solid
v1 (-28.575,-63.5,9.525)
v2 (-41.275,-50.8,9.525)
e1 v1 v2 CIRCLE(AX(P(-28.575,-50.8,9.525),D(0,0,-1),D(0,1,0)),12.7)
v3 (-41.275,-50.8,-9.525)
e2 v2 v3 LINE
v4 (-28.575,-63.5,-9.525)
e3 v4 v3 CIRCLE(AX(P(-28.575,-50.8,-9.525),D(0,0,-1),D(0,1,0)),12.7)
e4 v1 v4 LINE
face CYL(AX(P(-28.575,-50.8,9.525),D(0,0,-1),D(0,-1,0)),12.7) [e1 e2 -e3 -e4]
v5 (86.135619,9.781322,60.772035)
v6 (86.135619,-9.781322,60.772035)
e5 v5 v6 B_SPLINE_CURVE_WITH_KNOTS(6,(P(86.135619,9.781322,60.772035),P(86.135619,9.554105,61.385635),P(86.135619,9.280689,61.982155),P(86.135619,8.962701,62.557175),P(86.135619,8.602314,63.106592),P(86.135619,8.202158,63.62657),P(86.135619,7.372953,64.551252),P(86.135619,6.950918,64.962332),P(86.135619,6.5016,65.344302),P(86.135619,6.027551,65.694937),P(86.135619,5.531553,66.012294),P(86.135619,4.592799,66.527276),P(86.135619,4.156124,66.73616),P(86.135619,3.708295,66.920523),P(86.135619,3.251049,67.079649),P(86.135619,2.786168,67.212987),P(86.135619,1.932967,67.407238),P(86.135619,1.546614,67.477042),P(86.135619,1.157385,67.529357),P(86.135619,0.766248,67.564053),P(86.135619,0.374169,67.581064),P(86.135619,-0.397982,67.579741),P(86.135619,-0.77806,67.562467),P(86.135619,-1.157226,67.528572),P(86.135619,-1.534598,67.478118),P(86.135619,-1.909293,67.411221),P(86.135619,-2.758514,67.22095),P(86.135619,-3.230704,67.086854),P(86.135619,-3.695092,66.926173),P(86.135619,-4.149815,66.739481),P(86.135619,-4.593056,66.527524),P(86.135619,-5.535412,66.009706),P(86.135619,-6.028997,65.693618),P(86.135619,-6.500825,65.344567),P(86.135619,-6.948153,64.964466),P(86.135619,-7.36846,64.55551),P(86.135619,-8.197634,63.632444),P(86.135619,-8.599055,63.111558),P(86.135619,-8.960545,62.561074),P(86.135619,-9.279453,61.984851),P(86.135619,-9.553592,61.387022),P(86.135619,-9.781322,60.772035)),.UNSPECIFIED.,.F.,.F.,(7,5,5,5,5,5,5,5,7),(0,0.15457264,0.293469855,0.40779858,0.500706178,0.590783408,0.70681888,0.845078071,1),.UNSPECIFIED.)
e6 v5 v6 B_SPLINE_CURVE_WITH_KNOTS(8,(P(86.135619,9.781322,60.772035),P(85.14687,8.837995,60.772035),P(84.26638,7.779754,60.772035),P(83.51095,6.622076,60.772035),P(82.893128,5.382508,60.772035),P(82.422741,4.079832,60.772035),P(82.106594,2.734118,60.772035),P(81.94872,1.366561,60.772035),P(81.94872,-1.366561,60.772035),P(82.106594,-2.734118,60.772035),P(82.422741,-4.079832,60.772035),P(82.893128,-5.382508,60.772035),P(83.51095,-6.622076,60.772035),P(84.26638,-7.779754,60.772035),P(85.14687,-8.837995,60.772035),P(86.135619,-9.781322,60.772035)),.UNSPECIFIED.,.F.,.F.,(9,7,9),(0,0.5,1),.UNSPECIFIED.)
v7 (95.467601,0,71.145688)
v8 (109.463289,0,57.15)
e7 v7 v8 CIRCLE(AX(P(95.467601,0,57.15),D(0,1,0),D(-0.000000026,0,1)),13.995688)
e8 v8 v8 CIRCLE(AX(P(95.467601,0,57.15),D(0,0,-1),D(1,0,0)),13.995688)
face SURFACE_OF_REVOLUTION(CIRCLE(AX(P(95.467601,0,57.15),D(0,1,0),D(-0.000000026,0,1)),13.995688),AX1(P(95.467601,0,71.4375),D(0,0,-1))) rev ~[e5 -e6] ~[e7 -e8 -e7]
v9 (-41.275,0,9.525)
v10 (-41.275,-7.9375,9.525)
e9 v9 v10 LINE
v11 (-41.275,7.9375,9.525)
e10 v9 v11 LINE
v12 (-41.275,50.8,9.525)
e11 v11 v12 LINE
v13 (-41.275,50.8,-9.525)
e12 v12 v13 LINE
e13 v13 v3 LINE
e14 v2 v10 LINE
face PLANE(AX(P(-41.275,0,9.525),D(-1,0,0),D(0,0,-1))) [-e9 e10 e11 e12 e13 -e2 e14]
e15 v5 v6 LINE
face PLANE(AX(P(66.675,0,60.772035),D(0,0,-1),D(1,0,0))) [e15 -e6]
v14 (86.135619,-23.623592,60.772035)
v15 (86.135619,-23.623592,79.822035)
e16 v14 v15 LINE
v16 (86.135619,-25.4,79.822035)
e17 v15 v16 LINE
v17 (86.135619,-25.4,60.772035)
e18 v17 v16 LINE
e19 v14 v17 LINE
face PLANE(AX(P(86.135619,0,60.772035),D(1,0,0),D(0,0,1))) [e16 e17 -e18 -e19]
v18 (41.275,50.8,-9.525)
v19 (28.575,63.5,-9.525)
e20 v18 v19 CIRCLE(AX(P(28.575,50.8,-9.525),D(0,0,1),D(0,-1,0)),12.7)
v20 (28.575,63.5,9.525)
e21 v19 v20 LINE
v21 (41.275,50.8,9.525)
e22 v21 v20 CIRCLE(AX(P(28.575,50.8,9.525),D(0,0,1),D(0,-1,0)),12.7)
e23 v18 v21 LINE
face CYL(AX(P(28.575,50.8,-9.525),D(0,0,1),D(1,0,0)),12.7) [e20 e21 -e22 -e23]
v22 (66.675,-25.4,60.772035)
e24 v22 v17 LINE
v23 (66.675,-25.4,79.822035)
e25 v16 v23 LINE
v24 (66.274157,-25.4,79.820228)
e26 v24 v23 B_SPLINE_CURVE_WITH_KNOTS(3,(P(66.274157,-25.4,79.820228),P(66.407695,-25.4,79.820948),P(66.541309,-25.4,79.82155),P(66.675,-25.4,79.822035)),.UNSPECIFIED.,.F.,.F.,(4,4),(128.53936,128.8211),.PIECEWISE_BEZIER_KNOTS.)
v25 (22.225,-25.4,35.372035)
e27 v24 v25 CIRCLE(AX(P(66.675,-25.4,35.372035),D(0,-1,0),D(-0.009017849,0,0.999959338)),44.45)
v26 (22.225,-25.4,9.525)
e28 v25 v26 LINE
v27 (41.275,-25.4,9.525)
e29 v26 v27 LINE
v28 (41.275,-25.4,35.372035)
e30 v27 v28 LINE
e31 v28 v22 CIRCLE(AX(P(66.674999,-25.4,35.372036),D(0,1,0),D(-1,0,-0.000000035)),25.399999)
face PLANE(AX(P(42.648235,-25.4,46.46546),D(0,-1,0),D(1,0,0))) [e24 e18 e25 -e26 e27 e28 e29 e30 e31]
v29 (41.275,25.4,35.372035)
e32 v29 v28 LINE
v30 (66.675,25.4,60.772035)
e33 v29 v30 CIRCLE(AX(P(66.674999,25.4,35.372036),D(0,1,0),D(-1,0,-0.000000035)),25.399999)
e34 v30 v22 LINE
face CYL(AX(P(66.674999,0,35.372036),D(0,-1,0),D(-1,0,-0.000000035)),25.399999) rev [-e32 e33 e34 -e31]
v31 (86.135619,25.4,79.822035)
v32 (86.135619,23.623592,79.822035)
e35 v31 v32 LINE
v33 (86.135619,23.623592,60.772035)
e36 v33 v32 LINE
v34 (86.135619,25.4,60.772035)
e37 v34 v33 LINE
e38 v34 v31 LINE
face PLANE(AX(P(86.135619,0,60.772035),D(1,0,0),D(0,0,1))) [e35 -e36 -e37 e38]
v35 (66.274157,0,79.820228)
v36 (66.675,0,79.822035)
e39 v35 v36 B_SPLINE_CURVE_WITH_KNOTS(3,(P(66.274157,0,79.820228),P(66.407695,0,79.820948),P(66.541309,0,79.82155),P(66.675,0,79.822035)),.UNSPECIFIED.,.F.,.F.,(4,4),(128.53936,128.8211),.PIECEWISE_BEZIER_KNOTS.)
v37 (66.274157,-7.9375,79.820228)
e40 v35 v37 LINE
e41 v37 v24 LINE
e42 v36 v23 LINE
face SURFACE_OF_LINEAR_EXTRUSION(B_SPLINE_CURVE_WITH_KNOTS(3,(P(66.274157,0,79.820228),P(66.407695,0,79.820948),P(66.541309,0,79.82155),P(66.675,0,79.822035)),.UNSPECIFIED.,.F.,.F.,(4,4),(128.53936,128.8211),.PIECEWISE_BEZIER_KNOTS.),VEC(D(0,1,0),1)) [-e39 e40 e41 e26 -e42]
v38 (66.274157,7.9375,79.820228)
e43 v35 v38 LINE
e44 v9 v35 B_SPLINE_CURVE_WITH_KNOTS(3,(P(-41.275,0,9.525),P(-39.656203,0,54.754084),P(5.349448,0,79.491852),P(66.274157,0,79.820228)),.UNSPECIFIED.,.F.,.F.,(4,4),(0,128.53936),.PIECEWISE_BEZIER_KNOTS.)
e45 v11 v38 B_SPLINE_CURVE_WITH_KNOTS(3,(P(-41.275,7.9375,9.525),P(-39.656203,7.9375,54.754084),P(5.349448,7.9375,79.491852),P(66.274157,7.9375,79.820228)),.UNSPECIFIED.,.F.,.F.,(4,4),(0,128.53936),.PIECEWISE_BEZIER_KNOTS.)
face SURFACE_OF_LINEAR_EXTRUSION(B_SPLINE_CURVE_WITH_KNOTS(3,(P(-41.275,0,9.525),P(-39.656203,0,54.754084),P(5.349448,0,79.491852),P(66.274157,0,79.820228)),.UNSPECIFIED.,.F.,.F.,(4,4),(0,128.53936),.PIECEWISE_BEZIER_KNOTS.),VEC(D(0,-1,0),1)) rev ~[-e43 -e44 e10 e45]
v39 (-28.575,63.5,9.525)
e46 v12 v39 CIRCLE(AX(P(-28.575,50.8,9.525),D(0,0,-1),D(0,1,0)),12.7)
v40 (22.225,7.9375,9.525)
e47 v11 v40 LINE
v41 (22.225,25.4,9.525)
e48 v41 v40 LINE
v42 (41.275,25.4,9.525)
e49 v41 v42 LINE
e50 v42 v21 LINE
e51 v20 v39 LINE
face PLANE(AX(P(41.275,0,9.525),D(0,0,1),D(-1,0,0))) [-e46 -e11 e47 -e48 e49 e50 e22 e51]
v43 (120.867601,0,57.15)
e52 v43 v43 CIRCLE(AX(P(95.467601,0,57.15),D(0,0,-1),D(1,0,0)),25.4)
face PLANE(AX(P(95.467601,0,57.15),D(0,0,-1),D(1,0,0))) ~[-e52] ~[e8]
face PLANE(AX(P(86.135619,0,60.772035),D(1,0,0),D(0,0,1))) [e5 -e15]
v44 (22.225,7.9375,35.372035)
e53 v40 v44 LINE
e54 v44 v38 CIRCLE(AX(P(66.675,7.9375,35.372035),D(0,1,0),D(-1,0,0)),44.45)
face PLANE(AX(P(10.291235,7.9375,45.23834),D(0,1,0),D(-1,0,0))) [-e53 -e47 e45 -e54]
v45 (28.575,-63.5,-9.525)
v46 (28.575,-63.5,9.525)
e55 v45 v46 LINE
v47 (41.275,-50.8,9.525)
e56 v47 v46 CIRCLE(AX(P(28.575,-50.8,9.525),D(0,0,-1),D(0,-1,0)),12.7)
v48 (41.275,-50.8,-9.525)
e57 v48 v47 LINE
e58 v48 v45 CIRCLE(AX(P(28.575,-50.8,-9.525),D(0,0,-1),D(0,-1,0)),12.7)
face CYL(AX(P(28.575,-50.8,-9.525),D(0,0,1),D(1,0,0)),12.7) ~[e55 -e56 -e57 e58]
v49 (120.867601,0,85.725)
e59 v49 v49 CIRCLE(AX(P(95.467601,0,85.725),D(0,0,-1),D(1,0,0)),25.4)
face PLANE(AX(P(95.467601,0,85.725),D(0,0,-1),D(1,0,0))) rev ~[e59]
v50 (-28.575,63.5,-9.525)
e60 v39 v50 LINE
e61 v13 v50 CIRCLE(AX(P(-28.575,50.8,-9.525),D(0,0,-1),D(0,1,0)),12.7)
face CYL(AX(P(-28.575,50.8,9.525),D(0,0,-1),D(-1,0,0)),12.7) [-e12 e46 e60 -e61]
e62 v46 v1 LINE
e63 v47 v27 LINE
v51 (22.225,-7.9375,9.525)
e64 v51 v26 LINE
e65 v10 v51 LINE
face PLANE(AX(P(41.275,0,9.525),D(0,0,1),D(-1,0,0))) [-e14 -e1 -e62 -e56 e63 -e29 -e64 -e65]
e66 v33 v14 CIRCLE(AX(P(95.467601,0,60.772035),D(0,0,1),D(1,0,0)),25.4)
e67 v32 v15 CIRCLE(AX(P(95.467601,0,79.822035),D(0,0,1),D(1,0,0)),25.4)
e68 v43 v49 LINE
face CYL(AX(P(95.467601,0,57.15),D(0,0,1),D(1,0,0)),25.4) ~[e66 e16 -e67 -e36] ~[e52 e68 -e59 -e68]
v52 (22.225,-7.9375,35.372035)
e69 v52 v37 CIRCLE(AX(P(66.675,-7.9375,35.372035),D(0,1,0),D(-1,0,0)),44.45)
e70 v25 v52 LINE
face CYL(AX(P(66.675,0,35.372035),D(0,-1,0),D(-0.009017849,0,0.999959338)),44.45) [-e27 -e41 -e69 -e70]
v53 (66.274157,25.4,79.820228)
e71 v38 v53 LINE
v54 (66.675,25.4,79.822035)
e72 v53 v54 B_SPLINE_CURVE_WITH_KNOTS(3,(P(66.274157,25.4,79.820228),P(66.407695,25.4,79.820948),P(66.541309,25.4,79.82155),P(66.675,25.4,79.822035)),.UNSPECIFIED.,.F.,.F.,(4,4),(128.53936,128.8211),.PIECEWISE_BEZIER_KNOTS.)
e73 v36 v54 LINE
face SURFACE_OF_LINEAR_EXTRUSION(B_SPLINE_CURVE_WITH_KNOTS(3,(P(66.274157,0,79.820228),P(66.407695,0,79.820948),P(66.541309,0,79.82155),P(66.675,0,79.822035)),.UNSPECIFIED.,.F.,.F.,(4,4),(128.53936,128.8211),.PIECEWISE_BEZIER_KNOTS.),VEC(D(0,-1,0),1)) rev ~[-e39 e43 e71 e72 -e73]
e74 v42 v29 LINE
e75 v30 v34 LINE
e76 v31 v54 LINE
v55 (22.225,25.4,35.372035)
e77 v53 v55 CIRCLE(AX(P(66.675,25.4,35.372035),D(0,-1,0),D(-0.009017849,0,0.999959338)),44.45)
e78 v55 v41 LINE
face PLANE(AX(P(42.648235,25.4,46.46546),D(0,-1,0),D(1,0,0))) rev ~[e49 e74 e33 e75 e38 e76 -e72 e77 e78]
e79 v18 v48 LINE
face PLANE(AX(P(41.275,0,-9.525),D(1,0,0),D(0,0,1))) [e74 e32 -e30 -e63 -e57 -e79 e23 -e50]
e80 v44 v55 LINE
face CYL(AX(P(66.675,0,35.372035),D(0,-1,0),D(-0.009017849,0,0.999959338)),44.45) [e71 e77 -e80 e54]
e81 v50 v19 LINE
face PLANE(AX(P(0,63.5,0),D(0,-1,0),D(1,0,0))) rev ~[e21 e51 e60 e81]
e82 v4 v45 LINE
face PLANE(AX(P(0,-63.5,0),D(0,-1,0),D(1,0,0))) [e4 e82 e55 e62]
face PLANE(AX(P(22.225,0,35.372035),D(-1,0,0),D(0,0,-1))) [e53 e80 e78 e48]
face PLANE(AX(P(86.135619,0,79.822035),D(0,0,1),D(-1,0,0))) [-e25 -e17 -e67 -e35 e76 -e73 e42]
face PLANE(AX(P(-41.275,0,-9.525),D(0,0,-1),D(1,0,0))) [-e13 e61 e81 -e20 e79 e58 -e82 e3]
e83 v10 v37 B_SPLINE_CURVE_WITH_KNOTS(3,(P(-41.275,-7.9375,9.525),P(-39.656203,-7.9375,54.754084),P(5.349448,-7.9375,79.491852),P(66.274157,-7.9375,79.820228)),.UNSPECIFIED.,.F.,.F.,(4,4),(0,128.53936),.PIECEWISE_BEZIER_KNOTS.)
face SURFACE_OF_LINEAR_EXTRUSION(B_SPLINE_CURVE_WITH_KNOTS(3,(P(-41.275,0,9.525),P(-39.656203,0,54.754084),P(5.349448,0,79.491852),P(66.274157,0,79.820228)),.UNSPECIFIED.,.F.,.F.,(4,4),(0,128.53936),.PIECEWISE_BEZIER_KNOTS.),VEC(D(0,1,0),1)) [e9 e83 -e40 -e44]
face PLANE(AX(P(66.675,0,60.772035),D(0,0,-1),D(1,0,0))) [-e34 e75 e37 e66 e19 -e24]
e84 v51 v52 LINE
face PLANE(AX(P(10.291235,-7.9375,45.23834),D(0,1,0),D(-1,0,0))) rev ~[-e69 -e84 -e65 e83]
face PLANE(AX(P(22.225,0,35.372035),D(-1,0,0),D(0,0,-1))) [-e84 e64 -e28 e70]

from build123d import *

# Parameters (mm, degrees)
F1_DEPTH = 63.5
F0_W     = 16.068018
F0_H     = 19.05
F2_DEPTH = 25.4
F3_DEPTH = 7.9375
F5_R     = 12.7


with BuildPart() as f1:
    # F0 (on Front) → F1 (new body, symmetric)
    with BuildSketch(Plane.XZ):
        Polygon((22.225, 9.525), (-41.275, 9.525), (-41.275, -9.525), (41.275, -9.525), (41.275, 9.525), align=None)
    extrude(amount=F1_DEPTH, both=True)

    # F0 (on Front) → F2 (join, symmetric)
    with BuildSketch(Plane.XZ):
        with BuildLine():
            Line((22.225, 35.372035), (22.225, 9.525))
            Line((22.225, 9.525), (41.275, 9.525))
            Line((41.275, 9.525), (41.275, 35.372035))
            ThreePointArc((41.275, 35.372035), (48.714488, 53.332548), (66.675, 60.772035))
            Line((66.675, 60.772035), (70.067601, 60.772035))
            Line((70.067601, 60.772035), (70.067601, 79.822035))
            Line((70.067601, 79.822035), (66.675, 79.822035))
            add(Edge.make_bspline(
                [(66.274157, 79.820228), (66.407695, 79.820948), (66.541309, 79.82155), (66.675, 79.822035)],
                knots=[128.53936, 128.53936, 128.53936, 128.53936, 128.8211, 128.8211, 128.8211, 128.8211], degree=3))
            ThreePointArc((66.274157, 79.820228), (35.102702, 66.660891), (22.225, 35.372035))
        make_face()
        with Locations((78.10161, 70.297035)):
            Rectangle(F0_W, F0_H)
    extrude(amount=F2_DEPTH, both=True)

    # F0 (on Front) → F3 (join, symmetric)
    with BuildSketch(Plane.XZ):
        with BuildLine():
            add(Edge.make_bspline(
                [(-41.275, 9.525), (-39.656203, 54.754084), (5.349448, 79.491852), (66.274157, 79.820228)],
                knots=[0, 0, 0, 0, 128.53936, 128.53936, 128.53936, 128.53936], degree=3))
            Line((-41.275, 9.525), (22.225, 9.525))
            Line((22.225, 9.525), (22.225, 35.372035))
            ThreePointArc((22.225, 35.372035), (35.102702, 66.660891), (66.274157, 79.820228))
        make_face()
    extrude(amount=F3_DEPTH, both=True)

    # F0 (on Front) → F4 (revolve)
    with BuildSketch(Plane.XZ):
        with BuildLine():
            Line((120.867601, 85.725), (95.467601, 85.725))
            Line((95.467601, 85.725), (95.467601, 71.4375))
            Line((95.467601, 71.4375), (95.467601, 71.145688))
            ThreePointArc((95.467601, 71.145688), (105.364047, 67.046446), (109.463289, 57.15))
            Line((109.463289, 57.15), (120.867601, 57.15))
            Line((120.867601, 57.15), (120.867601, 85.725))
        make_face()
    revolve(axis=Axis((95.467601, 0, 71.4375), (0, 0, -1)))

    # F5
    f5_edges = [f1.edges().sort_by_distance(p)[0] for p in [
        (-41.275, -63.5, 0),
        (41.275, -63.5, 0),
        (41.275, 63.5, 0),
        (-41.275, 63.5, 0),
    ]]
    fillet(f5_edges, radius=F5_R)


solid = f1.part
